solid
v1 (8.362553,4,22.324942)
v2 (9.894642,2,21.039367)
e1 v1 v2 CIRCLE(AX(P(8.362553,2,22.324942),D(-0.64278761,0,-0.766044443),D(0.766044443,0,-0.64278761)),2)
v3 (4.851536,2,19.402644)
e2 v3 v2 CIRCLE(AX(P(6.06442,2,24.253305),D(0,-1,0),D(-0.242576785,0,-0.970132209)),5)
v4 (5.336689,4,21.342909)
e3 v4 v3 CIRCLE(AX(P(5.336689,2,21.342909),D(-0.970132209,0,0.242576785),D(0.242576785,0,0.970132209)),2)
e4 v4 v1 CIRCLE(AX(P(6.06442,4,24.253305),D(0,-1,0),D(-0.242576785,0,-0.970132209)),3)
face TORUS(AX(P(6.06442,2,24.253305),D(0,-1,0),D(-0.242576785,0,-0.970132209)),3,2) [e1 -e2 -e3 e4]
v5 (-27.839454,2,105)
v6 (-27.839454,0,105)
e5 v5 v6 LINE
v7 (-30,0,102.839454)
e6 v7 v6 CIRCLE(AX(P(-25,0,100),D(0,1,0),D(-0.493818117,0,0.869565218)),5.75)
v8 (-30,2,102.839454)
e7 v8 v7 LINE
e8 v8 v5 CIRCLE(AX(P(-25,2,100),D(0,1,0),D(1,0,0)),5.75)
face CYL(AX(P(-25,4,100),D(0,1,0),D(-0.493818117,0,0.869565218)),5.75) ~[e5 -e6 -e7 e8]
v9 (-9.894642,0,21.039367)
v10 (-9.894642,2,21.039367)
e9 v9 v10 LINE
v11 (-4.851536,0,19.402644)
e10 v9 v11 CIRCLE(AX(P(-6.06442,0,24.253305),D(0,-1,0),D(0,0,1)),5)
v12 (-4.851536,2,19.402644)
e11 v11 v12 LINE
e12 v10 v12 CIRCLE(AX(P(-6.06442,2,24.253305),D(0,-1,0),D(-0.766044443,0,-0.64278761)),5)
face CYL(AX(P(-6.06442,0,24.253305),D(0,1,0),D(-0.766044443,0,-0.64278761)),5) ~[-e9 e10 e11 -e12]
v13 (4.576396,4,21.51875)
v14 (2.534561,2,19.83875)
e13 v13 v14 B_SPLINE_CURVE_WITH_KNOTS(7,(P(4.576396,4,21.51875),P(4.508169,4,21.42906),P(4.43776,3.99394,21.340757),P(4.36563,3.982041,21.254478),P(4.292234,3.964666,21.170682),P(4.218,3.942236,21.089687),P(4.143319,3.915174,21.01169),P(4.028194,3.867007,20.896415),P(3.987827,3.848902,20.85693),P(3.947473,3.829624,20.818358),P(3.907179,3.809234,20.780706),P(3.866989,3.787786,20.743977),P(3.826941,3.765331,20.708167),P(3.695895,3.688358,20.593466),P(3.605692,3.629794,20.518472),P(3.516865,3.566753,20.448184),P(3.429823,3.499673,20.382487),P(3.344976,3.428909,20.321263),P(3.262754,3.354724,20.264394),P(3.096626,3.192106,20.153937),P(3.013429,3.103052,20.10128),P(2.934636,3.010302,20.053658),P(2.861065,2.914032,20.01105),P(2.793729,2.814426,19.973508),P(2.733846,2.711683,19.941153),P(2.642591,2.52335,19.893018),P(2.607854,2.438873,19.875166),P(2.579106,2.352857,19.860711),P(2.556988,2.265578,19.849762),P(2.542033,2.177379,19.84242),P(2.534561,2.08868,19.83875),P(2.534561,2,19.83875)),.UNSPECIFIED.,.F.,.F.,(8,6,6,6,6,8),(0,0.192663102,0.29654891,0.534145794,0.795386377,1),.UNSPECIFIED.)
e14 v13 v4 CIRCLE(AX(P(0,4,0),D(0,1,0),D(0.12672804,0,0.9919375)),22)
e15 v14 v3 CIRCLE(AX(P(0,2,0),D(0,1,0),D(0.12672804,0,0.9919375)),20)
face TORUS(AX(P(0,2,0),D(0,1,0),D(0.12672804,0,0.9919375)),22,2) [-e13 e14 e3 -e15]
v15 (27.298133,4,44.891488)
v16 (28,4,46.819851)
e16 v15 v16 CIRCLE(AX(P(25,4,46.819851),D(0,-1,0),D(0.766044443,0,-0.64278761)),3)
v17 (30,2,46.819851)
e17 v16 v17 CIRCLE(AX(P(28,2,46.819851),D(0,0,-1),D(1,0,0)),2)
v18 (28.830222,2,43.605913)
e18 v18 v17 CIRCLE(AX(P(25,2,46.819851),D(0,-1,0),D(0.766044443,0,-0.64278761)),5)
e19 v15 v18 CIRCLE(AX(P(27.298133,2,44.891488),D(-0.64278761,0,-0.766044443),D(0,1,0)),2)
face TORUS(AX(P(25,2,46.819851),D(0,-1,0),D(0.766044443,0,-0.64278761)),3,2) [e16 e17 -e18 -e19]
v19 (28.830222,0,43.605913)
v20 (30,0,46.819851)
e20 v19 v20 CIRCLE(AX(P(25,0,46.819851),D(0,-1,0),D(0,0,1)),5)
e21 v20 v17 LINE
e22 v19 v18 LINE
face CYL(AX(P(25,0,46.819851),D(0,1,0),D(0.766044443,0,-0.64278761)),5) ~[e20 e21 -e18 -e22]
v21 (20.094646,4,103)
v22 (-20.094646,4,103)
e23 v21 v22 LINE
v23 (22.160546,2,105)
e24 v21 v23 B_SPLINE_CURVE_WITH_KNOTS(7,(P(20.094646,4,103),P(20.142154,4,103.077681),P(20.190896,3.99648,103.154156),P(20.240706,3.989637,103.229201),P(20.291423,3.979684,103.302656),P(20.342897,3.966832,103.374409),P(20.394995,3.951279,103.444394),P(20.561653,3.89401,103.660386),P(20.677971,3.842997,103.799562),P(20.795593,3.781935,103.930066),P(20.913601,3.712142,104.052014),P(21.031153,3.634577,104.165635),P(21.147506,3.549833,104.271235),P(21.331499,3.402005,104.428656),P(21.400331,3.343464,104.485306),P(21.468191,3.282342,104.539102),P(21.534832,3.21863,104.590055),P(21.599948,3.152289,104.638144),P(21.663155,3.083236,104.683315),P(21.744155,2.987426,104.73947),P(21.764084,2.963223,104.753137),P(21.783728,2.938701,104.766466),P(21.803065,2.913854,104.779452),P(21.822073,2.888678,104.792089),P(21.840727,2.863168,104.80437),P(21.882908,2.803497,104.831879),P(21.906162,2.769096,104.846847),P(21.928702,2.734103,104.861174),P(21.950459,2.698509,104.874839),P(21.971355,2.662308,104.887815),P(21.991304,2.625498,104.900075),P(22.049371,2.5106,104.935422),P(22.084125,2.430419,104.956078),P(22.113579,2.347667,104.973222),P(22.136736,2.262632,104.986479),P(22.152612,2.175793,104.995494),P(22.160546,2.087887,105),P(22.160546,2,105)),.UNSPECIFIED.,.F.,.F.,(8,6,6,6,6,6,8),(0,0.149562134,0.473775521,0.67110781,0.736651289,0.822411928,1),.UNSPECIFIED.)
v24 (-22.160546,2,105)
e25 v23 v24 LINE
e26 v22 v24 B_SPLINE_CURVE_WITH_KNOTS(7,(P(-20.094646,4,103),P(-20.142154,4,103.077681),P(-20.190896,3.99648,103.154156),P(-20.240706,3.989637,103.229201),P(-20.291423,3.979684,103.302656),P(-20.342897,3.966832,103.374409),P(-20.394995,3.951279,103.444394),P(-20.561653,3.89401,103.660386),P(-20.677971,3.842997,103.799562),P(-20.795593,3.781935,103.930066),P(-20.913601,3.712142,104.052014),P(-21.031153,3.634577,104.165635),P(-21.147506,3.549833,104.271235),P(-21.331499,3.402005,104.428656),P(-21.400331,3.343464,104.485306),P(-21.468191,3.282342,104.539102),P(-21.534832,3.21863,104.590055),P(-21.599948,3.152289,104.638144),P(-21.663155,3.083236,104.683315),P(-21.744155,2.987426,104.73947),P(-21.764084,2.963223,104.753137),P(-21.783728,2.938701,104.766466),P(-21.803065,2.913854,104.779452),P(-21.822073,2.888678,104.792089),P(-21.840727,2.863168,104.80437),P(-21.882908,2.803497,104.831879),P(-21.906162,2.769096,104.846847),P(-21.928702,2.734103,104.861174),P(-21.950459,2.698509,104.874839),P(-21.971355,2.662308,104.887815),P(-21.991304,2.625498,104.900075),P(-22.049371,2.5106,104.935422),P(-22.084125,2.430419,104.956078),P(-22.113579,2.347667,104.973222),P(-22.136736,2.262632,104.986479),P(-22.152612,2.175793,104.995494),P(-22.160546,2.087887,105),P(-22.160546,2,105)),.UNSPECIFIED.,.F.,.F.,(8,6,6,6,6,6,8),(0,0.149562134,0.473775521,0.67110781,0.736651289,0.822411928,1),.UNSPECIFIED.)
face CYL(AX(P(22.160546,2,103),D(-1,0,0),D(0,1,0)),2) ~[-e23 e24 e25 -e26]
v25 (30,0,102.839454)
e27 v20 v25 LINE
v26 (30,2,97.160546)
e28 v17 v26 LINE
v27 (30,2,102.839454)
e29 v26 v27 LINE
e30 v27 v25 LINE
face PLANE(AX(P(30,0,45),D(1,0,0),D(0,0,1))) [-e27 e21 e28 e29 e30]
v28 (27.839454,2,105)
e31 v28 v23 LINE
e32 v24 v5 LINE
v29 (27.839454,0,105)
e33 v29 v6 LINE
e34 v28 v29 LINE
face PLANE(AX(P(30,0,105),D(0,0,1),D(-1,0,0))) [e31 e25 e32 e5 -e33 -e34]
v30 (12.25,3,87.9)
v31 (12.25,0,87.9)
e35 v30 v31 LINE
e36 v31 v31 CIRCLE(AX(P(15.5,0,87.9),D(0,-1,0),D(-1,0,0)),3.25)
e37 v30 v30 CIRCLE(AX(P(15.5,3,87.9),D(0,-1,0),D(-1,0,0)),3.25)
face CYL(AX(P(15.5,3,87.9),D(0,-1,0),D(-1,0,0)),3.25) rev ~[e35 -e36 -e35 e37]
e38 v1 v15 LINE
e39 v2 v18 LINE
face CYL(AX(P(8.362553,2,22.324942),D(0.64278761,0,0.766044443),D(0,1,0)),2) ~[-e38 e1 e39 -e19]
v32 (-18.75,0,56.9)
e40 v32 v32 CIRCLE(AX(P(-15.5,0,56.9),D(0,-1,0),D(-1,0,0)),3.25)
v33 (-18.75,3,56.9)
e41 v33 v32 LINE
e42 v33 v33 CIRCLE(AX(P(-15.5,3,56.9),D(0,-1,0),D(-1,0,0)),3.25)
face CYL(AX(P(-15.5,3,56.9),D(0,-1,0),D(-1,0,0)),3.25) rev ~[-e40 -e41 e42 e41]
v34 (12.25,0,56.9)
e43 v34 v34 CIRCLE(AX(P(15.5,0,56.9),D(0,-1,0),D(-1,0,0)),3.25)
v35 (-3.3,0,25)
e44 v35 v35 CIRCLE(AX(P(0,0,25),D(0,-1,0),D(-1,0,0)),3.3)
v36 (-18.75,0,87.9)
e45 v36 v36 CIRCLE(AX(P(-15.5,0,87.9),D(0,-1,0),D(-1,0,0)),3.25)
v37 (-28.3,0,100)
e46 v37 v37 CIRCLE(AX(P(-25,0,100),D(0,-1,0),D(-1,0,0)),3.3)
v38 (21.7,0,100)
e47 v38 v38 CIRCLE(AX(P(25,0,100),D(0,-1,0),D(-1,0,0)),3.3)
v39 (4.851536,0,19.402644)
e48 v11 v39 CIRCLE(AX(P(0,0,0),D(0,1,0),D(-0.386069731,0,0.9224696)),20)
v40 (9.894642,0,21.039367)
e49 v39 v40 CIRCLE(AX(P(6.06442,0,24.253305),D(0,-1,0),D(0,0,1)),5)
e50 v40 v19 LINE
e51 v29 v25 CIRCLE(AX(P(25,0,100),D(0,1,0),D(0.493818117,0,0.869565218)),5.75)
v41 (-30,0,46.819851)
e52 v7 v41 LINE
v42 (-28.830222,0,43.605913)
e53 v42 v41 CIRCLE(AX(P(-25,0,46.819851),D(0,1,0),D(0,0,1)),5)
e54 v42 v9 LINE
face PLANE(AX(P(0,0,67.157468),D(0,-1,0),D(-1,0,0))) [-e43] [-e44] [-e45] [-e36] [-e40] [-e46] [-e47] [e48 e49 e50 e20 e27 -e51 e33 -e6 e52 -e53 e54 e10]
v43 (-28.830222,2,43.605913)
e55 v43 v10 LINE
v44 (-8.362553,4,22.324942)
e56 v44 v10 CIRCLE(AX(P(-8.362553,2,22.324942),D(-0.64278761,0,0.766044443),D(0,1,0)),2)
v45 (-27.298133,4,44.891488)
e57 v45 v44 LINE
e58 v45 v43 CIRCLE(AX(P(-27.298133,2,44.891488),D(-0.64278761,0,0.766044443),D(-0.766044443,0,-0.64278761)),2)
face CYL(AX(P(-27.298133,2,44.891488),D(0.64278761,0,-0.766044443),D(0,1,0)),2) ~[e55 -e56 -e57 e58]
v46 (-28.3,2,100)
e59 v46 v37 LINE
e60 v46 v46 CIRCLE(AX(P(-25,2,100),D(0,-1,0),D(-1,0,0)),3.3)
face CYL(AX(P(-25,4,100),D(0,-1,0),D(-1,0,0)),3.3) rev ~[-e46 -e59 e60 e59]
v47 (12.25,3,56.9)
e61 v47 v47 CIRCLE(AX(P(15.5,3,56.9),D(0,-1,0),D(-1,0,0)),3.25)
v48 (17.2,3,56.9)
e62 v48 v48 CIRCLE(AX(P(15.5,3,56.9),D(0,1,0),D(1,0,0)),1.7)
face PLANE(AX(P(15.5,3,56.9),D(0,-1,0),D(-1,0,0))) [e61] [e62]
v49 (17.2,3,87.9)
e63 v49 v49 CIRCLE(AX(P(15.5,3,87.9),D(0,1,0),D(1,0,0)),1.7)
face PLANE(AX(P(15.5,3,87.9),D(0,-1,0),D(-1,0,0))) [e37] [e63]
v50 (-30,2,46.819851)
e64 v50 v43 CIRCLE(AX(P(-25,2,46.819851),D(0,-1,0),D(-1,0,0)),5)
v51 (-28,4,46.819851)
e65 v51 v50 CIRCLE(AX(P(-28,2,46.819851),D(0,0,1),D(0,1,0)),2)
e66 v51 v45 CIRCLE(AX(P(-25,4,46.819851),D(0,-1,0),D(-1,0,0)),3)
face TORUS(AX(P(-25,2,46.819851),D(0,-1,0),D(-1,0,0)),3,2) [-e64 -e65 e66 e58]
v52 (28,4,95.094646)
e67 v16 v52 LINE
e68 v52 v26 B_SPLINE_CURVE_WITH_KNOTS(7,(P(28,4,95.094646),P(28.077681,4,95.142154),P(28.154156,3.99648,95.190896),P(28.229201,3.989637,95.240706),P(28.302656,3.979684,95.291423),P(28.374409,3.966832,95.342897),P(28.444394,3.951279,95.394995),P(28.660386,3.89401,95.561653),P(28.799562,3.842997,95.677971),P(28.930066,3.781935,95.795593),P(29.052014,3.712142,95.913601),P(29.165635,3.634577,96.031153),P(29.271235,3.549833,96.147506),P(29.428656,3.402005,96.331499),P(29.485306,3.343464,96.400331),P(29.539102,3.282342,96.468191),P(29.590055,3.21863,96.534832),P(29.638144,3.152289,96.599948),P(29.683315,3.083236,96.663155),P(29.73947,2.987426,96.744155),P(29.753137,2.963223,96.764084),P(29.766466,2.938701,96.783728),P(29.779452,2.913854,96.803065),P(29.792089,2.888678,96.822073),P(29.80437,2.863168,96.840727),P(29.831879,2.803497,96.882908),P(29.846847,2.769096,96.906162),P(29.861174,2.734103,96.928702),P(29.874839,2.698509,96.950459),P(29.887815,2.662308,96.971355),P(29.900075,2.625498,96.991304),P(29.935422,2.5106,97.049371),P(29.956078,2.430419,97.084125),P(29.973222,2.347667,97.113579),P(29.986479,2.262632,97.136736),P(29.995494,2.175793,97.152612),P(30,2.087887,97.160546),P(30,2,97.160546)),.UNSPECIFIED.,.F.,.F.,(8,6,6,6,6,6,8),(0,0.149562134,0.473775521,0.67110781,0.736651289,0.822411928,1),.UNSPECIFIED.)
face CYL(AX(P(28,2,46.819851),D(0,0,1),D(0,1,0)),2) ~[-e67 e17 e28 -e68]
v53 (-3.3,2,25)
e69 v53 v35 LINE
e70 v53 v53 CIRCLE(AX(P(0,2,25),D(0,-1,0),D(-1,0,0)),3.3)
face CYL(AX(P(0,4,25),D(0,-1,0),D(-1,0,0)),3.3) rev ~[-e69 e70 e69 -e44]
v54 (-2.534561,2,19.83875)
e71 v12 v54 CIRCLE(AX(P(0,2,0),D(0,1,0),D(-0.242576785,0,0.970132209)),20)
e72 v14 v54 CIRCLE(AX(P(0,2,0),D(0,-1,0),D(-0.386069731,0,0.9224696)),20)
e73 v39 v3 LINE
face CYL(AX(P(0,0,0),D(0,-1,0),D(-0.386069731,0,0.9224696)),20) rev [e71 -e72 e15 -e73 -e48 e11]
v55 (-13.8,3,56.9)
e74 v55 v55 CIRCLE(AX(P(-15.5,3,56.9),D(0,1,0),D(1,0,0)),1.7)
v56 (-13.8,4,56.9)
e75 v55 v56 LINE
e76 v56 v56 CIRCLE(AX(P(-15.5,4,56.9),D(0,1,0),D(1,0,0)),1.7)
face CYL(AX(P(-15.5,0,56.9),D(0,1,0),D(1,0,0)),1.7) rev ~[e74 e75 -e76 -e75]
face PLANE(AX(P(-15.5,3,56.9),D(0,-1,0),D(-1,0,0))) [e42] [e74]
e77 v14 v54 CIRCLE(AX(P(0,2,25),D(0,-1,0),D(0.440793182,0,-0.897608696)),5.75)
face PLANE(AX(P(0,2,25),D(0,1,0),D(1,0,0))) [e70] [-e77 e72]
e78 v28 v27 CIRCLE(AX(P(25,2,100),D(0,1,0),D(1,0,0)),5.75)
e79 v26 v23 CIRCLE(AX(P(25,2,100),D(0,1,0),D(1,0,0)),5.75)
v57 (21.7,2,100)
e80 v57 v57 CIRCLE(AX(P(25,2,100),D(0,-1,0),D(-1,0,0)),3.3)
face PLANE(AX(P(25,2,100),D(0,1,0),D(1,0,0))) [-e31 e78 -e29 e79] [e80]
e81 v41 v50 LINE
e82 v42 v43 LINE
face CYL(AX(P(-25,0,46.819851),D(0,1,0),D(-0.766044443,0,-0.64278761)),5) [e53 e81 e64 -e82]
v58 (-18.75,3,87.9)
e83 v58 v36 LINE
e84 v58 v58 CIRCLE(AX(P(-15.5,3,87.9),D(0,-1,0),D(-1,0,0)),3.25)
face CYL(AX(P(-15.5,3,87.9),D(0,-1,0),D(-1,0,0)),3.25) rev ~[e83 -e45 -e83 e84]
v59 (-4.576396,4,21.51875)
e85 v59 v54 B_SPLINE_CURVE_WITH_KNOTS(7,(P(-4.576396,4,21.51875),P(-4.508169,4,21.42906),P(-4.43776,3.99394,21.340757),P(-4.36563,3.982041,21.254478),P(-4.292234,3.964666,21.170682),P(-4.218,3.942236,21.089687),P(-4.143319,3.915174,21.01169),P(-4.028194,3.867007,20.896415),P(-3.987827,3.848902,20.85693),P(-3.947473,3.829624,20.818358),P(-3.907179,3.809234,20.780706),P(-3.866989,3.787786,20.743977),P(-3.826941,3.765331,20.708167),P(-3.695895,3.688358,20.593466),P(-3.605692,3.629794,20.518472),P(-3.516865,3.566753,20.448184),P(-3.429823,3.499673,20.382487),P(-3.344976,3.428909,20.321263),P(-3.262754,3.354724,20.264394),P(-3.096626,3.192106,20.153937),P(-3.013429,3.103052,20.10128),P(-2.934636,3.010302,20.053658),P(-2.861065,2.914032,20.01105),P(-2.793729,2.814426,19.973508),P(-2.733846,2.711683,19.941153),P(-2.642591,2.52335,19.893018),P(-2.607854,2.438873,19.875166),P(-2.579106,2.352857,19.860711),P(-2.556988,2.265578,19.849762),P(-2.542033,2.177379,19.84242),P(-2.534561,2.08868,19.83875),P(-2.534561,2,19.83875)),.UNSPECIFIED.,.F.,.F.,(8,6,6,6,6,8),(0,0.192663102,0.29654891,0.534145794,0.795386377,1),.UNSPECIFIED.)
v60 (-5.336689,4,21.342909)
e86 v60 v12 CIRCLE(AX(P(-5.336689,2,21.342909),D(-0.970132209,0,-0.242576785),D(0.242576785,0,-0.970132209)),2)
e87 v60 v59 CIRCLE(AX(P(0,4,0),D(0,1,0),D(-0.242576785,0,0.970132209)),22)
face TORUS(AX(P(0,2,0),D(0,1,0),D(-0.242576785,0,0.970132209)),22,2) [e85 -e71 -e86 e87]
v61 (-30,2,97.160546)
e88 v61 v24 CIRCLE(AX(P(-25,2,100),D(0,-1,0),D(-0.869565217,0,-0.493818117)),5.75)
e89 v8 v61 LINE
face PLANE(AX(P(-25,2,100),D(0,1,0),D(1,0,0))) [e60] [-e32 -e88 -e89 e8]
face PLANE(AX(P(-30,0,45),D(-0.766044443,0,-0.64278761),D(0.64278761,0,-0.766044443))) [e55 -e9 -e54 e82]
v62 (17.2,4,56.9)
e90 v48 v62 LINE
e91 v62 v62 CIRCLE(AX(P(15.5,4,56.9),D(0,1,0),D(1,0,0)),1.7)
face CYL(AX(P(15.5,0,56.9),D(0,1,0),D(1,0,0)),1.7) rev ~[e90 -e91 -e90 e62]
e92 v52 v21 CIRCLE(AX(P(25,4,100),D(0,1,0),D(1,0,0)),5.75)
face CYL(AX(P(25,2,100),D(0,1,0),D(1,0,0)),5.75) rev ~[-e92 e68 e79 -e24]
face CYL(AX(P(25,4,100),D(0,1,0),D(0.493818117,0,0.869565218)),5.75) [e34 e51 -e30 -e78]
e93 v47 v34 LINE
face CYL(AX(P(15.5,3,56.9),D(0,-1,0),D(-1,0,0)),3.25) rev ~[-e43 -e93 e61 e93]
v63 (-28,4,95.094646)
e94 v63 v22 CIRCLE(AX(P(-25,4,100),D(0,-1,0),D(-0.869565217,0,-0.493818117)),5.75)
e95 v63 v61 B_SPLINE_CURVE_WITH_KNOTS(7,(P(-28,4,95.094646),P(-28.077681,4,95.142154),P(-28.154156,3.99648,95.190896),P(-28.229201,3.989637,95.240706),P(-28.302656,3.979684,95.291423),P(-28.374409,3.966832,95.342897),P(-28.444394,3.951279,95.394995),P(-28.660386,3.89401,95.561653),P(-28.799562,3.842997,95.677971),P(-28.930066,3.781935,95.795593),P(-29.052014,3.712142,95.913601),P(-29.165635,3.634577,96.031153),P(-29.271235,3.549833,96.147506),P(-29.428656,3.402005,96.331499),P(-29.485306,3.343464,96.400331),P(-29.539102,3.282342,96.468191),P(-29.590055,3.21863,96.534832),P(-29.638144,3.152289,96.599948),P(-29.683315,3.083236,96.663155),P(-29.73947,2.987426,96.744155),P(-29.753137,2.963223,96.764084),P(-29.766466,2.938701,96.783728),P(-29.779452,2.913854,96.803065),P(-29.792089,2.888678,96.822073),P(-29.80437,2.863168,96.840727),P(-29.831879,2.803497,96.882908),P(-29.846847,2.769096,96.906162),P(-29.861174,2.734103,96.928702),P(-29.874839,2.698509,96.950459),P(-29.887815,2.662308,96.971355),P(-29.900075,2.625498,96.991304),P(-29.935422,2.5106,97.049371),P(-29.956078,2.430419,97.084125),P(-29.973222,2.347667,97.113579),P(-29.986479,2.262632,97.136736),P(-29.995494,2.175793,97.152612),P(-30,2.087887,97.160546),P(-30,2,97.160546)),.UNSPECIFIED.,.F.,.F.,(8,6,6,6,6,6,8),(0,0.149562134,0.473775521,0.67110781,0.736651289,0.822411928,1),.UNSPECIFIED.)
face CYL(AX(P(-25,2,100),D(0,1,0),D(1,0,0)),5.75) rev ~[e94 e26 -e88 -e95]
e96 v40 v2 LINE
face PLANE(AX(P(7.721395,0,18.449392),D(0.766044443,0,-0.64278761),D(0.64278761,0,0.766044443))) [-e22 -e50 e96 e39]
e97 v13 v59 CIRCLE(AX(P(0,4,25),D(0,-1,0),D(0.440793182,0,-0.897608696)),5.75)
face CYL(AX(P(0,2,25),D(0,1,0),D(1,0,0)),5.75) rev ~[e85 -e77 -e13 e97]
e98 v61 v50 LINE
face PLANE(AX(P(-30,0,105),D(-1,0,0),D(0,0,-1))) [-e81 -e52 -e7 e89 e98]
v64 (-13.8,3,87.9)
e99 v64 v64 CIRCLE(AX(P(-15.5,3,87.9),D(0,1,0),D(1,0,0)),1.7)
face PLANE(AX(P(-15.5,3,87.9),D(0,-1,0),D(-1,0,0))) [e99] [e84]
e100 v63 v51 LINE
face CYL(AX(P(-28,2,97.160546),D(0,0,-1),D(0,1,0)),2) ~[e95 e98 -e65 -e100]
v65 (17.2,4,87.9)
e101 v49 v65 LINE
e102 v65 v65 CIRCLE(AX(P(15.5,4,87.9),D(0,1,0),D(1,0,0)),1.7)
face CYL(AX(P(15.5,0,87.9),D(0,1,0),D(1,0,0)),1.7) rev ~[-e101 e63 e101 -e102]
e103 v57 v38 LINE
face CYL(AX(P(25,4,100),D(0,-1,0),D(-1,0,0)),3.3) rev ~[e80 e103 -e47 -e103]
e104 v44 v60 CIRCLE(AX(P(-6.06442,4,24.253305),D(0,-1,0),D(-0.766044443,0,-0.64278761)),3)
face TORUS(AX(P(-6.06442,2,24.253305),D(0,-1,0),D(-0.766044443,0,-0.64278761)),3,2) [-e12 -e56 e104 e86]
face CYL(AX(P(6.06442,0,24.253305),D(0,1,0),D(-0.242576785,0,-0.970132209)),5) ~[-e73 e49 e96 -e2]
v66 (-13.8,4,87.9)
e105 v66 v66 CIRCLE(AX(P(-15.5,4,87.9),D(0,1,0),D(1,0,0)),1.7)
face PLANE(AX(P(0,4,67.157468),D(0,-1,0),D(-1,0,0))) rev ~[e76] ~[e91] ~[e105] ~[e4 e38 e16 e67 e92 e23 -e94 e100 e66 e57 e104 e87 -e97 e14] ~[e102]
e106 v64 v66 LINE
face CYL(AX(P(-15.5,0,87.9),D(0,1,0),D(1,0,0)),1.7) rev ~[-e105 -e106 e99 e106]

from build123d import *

# Parameters (mm, degrees)
BOSS_EXTRUDE1_DEPTH            = 4
HOLE1_D                        = 6.6
HOLE1_CBORE_D                  = 11.5
HOLE1_CBORE_DEPTH              = 2
CUT_EXTRUDE3_DEPTH             = 110.27488275
CBORE_FOR_M3_SHCS1_D           = 3.4
CBORE_FOR_M3_SHCS1_CBORE_D     = 6.5
CBORE_FOR_M3_SHCS1_CBORE_DEPTH = 3
FILLET4_R                      = 5
FILLET3_R                      = 2


with BuildPart() as part:
    # Sketch2 → Boss-Extrude1 (new body)
    with BuildSketch(Plane(origin=(0, 0, 0), x_dir=(1, 0, 0), z_dir=(0, 1, 0))):
        with BuildLine():
            Line((-30, -45), (-7.721394619, -18.449391999))
            ThreePointArc((-7.721394619, -18.449391999), (0, -20), (7.721394619, -18.449391999))
            Line((7.721394619, -18.449391999), (30, -45))
            Line((30, -45), (30, -105))
            Line((30, -105), (-30, -105))
            Line((-30, -105), (-30, -45))
        make_face()
    extrude(amount=BOSS_EXTRUDE1_DEPTH)

    # Hole1 (through all)
    with Locations(Plane(origin=(0, 4, 0), x_dir=(1, 0, 0), z_dir=(0, 1, 0))):
        with Locations((-25, -100), (25, -100), (0, -25)):
            CounterBoreHole(HOLE1_D / 2, HOLE1_CBORE_D / 2, HOLE1_CBORE_DEPTH)

    # Sketch5 → Cut-Extrude3 (cut, through all)
    with BuildSketch(Plane(origin=(0, 4, 0), x_dir=(1, 0, 0), z_dir=(0, 1, 0))):
        with BuildLine():
            Line((-30, -102.839454173), (-30, -105))
            Line((-30, -105), (-27.839454173, -105))
            ThreePointArc((-27.839454173, -105), (-29.065863992, -104.065863992), (-30, -102.839454173))
        make_face()
        with BuildLine():
            Line((30, -105), (27.839454173, -105))
            ThreePointArc((27.839454173, -105), (29.065863992, -104.065863992), (30, -102.839454173))
            Line((30, -102.839454173), (30, -105))
        make_face()
    extrude(amount=-CUT_EXTRUDE3_DEPTH, mode=Mode.SUBTRACT)

    # CBORE for M3 SHCS1 (through all)
    with Locations(Plane(origin=(0, 0, 0), x_dir=(-1, 0, 0), z_dir=(0, -1, 0))):
        with Locations((-15.5, -56.9), (15.5, -56.9), (15.5, -87.9), (-15.5, -87.9)):
            CounterBoreHole(CBORE_FOR_M3_SHCS1_D / 2, CBORE_FOR_M3_SHCS1_CBORE_D / 2, CBORE_FOR_M3_SHCS1_CBORE_DEPTH)

    # Fillet4
    fillet4_edges = [part.edges().sort_by_distance(p)[0] for p in [
        (-30, 2, 45),
        (-7.721394619, 2, 18.449391999),
        (7.721394619, 2, 18.449391999),
        (30, 2, 45),
    ]]
    fillet(fillet4_edges, radius=FILLET4_R)

    # Fillet3
    fillet3_edges = [part.edges().sort_by_distance(p)[0] for p in [
        (30, 4, 71.990198499),
        (0, 4, 105),
        (-30, 4, 71.990198499),
        (-19.362432028, 4, 32.322640153),
        (-29.698463104, 4, 45.109750455),
        (-3.699480023, 4, 19.654868292),
        (-7.607899613, 4, 19.497501458),
        (29.698463104, 4, 45.109750455),
        (19.362432028, 4, 32.322640153),
        (7.607899613, 4, 19.497501458),
        (3.699480023, 4, 19.654868292),
    ]]
    fillet(fillet3_edges, radius=FILLET3_R)


solid = part.part
